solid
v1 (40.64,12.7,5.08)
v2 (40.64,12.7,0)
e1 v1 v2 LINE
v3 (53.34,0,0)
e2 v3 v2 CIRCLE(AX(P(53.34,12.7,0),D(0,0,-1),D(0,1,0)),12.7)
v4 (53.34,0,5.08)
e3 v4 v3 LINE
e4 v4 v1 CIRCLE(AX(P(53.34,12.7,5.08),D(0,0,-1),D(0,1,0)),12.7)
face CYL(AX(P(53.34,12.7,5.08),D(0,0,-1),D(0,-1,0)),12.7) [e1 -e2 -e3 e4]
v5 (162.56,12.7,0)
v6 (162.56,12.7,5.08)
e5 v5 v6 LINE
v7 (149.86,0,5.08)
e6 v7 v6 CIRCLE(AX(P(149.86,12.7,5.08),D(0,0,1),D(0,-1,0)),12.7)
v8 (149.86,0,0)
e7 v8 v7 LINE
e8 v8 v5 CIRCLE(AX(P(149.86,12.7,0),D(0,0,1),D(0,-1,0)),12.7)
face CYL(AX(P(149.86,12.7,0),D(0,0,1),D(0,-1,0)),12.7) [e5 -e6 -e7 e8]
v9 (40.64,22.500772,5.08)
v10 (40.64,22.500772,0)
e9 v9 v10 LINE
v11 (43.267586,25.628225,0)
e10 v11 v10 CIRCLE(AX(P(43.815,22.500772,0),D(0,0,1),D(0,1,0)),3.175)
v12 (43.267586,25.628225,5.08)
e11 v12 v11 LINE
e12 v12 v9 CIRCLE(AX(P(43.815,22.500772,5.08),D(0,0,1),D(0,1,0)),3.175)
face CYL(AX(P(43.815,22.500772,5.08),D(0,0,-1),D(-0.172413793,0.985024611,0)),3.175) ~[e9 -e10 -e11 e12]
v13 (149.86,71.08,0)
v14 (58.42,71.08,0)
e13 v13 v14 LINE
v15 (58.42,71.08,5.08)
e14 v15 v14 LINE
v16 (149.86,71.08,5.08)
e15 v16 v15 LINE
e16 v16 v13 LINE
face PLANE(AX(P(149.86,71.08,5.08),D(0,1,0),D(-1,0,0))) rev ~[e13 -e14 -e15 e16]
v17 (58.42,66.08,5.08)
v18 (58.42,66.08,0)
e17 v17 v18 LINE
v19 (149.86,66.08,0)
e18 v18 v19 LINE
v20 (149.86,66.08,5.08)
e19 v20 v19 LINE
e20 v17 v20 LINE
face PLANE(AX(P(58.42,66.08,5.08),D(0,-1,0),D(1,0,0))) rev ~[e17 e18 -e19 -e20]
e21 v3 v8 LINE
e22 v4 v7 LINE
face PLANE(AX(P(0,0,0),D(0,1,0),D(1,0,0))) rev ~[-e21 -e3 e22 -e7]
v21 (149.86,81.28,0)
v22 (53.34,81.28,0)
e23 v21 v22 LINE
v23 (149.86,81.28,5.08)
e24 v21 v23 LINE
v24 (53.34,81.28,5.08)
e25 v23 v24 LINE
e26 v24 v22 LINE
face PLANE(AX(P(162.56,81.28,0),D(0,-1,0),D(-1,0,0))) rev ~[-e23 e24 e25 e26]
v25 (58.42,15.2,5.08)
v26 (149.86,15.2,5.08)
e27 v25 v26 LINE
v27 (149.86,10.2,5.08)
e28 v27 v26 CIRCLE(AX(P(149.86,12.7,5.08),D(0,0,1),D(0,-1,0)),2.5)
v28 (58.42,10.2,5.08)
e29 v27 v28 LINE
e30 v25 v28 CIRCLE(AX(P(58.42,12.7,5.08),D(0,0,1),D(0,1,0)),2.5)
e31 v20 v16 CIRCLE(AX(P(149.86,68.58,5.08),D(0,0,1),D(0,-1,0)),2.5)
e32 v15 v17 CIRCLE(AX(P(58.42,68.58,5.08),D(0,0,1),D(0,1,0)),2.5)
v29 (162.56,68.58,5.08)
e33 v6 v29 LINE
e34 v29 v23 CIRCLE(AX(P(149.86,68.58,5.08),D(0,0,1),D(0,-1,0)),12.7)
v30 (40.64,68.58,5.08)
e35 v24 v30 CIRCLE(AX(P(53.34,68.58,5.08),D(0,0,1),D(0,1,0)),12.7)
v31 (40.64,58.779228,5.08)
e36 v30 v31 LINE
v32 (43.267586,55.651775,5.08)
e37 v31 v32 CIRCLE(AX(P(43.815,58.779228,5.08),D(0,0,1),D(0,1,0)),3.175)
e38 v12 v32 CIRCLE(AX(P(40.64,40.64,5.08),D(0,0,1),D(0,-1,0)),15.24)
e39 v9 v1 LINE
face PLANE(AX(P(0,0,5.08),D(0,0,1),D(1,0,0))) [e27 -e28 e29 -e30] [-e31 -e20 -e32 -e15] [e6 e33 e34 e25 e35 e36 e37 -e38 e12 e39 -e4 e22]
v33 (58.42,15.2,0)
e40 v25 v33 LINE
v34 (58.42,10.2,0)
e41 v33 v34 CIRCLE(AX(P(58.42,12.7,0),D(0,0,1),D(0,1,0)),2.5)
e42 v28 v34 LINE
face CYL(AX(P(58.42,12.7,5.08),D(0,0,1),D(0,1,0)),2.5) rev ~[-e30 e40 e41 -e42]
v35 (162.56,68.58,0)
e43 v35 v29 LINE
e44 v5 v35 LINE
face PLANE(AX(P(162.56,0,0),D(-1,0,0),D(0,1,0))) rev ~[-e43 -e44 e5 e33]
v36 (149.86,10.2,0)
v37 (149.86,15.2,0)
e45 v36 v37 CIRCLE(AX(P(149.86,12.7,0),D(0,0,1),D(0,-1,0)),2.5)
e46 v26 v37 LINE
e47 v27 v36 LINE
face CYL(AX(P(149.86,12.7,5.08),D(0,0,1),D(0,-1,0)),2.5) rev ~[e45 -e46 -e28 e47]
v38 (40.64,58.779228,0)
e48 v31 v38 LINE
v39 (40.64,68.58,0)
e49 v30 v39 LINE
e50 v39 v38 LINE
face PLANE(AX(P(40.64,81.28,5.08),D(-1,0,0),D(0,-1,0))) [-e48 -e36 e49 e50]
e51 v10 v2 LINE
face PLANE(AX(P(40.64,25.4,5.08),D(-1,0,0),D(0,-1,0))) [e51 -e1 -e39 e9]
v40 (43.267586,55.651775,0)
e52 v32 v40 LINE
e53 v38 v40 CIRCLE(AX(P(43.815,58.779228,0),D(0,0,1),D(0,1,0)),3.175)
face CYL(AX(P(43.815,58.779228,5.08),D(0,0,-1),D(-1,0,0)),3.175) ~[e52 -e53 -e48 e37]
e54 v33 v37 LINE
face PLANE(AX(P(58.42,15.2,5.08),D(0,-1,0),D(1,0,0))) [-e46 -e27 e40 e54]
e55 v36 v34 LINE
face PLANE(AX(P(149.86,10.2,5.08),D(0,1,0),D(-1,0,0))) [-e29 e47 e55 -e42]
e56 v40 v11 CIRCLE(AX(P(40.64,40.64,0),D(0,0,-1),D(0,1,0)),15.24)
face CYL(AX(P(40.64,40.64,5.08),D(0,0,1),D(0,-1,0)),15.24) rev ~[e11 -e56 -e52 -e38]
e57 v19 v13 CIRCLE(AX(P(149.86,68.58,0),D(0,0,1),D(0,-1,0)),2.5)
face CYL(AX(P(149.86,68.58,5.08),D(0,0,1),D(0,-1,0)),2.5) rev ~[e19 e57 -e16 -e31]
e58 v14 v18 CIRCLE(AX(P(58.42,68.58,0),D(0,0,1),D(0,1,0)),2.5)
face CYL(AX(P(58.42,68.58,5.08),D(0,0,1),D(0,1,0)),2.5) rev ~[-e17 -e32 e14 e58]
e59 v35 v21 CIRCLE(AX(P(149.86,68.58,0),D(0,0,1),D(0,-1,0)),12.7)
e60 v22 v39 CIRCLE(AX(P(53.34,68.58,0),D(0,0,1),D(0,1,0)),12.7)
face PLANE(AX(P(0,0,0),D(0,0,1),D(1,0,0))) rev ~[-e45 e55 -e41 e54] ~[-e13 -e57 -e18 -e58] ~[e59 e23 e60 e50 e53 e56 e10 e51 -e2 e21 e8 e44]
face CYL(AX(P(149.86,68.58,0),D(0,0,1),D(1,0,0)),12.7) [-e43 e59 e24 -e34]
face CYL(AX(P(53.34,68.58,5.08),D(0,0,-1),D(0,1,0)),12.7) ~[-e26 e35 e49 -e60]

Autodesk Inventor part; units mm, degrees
ref_plane "YZ Plane" through (0, 0, 0) normal (1, 0, 0) x (0, 1, 0)
ref_plane "XZ Plane" through (0, 0, 0) normal (0, 1, 0) x (-1, 0, 0)
ref_plane "XY Plane" through (0, 0, 0) normal (0, 0, 1) x (1, 0, 0)
sketch "Sketch1" plane through (0, 0, 0) normal (0, 0, 1) x (1, 0, 0)
  line L0 (0, 0) -> (162.56, 0)
  line L1 (162.56, 0) -> (162.56, 81.28)
  line L2 (162.56, 81.28) -> (0, 81.28)
  line L3 (0, 81.28) -> (0, 0)
  dimension "d0" = 162.56
  dimension "d1" = 81.28
extrude "Extrusion1" add sketch "Sketch1" along normal blind 5.08
sketch "Sketch2" plane through (0, 0, 5.08) normal (0, 0, 1) x (1, 0, 0)
  line L0 (0, 0) -> (162.56, 0) projected
  line L1 (162.56, 0) -> (162.56, 81.28) projected
  line L2 (162.56, 81.28) -> (0, 81.28) projected
  line L3 (0, 81.28) -> (0, 0) construction
  line L4 (0, 40.64) -> (162.56, 40.64) construction
  arc A0 (40.64, 55.88) -> (40.64, 25.4) centre (40.64, 40.64) ccw construction
  arc A1 (78.3143, 55.88) -> (40.64, 81.28) centre (40.64, 40.64) ccw construction
  line L5 (0, 81.28) -> (0, 0) projected
  line L6 (0, 0) -> (162.56, 0) projected
  line L7 (0, 81.28) -> (40.64, 81.28) construction
  line L8 (162.56, 81.28) -> (162.56, 0)
  line L9 (162.56, 0) -> (40.64, 0)
  line L10 (0, 0) -> (0, 40.64)
  line L11 (0, 40.64) -> (0, 81.28)
  line L12 (40.64, 0) -> (0, 0) construction
  line L13 (40.64, 81.28) -> (162.56, 81.28)
  line L14 (40.64, 25.4) -> (78.3143, 25.4)
  line L15 (40.64, 55.88) -> (78.3143, 55.88)
  line L16 (162.56, 0) -> (162.56, 81.28) projected
  line L17 (162.56, 23.2866) -> (162.56, 55.88)
  line L18 (40.64, 25.4) -> (78.3143, 25.4)
  line L19 (162.56, 25.4) -> (162.56, 55.88) construction
  line L20 (162.56, 55.88) -> (40.64, 55.88)
  line L21 (40.64, 55.88) -> (40.64, 40.64) construction
  arc A2 (55.88, 40.64) -> (40.64, 55.88) centre (40.64, 40.64) ccw
  arc A3 (40.64, 25.4) -> (55.88, 40.64) centre (40.64, 40.64) ccw
  arc A4 (81.28, 40.64) -> (78.3143, 55.88) centre (40.64, 40.64) ccw construction
  arc A5 (78.3143, 25.4) -> (81.28, 40.64) centre (40.64, 40.64) ccw construction
  arc A6 (40.64, 81.28) -> (2.9657, 55.88) centre (40.64, 40.64) ccw construction
  arc A7 (40.64, 0) -> (78.3143, 25.4) centre (40.64, 40.64) ccw construction
  arc A8 (0, 40.64) -> (2.9657, 25.4) centre (40.64, 40.64) ccw
  arc A9 (2.9657, 25.4) -> (40.64, 0) centre (40.64, 40.64) ccw
  arc A10 (2.9657, 55.88) -> (0, 40.64) centre (40.64, 40.64) ccw
  line L22 (78.3143, 55.88) -> (162.56, 55.88)
  line L23 (78.3143, 25.4) -> (162.56, 25.4)
  line L24 (78.3143, 25.4) -> (162.56, 25.4)
  line L25 (40.64, 81.28) -> (40.64, 55.88)
  line L26 (40.64, 40.64) -> (40.64, 25.4) construction
  line L27 (40.64, 55.88) -> (40.64, 40.64) construction
  line L28 (40.64, 25.4) -> (40.64, 0)
  line L29 (40.64, 40.64) -> (40.64, 25.4)
  dimension "d4" = 30.48
extrude "Extrusion2" cut sketch "Sketch2" against normal blind 5.08 contours L28 L14 L23 L1 L0 | A3 A2 L15 L20 L1 L23 L14 | L2 L1 L20 L15 L25 keep common part
sketch "Sketch3" plane through (0, 0, 5.08) normal (0, 0, 1) x (1, 0, 0)
  line L0 (162.56, 0) -> (162.56, 81.28) projected
  line L1 (40.64, 0) -> (162.56, 0) projected
  line L2 (40.64, 40.64) -> (162.56, 40.64) construction
  line L3 (162.56, 40.64) -> (162.56, 25.4) construction
  line L4 (58.42, 68.58) -> (149.86, 68.58) construction
  line L5 (58.42, 66.08) -> (149.86, 66.08)
  line L6 (149.86, 71.08) -> (58.42, 71.08)
  arc A0 (58.42, 71.08) -> (58.42, 66.08) centre (58.42, 68.58) ccw
  arc A1 (149.86, 66.08) -> (149.86, 71.08) centre (149.86, 68.58) ccw
  line L7 (40.64, 55.88) -> (40.64, 81.28) construction
  line L8 (58.42, 12.7) -> (149.86, 12.7) construction
  line L9 (58.42, 15.2) -> (149.86, 15.2)
  line L10 (149.86, 10.2) -> (58.42, 10.2)
  arc A2 (58.42, 15.2) -> (58.42, 10.2) centre (58.42, 12.7) ccw
  arc A3 (149.86, 10.2) -> (149.86, 15.2) centre (149.86, 12.7) ccw
  line L11 (40.64, 0) -> (40.64, 25.4) projected
  line L12 (40.64, 55.88) -> (40.64, 81.28) projected
  arc A4 (40.64, 25.4) -> (40.64, 55.88) centre (40.64, 40.64) ccw projected
  line L13 (162.56, 81.28) -> (40.64, 81.28) projected
  point P0 (0, 0)
  point P1 (104.14, 68.58)
  point P2 (104.14, 12.7)
  dimension "d7" = 2.5
  dimension "d8" = 121.92
  dimension "d12" = 91.44
  dimension "d13" = 12.7
extrude "Extrusion3" cut sketch "Sketch3" against normal blind 5.08 contours A0 L6 A1 L5 | L9 A3 L10 A2
fillet "Fillet1" radius 12.7 2 edges at (162.56, 0, 2.54) (162.56, 81.28, 2.54)
fillet "Fillet2" radius 12.7 2 edges at (40.64, 81.28, 2.54) (40.64, 0, 2.54)
fillet "Fillet3" radius 3.175 2 edges at (40.64, 55.88, 2.54) (40.64, 25.4, 2.54)
equation "\"d0\" = 2 * d1"
equation "\"d13\" = d11"
equation "\"d11\" = 0.5 * d10"
equation "\"d10\" = 25.4"
properties part number "SuctionGrabberB" material "Wood (Birch)"
